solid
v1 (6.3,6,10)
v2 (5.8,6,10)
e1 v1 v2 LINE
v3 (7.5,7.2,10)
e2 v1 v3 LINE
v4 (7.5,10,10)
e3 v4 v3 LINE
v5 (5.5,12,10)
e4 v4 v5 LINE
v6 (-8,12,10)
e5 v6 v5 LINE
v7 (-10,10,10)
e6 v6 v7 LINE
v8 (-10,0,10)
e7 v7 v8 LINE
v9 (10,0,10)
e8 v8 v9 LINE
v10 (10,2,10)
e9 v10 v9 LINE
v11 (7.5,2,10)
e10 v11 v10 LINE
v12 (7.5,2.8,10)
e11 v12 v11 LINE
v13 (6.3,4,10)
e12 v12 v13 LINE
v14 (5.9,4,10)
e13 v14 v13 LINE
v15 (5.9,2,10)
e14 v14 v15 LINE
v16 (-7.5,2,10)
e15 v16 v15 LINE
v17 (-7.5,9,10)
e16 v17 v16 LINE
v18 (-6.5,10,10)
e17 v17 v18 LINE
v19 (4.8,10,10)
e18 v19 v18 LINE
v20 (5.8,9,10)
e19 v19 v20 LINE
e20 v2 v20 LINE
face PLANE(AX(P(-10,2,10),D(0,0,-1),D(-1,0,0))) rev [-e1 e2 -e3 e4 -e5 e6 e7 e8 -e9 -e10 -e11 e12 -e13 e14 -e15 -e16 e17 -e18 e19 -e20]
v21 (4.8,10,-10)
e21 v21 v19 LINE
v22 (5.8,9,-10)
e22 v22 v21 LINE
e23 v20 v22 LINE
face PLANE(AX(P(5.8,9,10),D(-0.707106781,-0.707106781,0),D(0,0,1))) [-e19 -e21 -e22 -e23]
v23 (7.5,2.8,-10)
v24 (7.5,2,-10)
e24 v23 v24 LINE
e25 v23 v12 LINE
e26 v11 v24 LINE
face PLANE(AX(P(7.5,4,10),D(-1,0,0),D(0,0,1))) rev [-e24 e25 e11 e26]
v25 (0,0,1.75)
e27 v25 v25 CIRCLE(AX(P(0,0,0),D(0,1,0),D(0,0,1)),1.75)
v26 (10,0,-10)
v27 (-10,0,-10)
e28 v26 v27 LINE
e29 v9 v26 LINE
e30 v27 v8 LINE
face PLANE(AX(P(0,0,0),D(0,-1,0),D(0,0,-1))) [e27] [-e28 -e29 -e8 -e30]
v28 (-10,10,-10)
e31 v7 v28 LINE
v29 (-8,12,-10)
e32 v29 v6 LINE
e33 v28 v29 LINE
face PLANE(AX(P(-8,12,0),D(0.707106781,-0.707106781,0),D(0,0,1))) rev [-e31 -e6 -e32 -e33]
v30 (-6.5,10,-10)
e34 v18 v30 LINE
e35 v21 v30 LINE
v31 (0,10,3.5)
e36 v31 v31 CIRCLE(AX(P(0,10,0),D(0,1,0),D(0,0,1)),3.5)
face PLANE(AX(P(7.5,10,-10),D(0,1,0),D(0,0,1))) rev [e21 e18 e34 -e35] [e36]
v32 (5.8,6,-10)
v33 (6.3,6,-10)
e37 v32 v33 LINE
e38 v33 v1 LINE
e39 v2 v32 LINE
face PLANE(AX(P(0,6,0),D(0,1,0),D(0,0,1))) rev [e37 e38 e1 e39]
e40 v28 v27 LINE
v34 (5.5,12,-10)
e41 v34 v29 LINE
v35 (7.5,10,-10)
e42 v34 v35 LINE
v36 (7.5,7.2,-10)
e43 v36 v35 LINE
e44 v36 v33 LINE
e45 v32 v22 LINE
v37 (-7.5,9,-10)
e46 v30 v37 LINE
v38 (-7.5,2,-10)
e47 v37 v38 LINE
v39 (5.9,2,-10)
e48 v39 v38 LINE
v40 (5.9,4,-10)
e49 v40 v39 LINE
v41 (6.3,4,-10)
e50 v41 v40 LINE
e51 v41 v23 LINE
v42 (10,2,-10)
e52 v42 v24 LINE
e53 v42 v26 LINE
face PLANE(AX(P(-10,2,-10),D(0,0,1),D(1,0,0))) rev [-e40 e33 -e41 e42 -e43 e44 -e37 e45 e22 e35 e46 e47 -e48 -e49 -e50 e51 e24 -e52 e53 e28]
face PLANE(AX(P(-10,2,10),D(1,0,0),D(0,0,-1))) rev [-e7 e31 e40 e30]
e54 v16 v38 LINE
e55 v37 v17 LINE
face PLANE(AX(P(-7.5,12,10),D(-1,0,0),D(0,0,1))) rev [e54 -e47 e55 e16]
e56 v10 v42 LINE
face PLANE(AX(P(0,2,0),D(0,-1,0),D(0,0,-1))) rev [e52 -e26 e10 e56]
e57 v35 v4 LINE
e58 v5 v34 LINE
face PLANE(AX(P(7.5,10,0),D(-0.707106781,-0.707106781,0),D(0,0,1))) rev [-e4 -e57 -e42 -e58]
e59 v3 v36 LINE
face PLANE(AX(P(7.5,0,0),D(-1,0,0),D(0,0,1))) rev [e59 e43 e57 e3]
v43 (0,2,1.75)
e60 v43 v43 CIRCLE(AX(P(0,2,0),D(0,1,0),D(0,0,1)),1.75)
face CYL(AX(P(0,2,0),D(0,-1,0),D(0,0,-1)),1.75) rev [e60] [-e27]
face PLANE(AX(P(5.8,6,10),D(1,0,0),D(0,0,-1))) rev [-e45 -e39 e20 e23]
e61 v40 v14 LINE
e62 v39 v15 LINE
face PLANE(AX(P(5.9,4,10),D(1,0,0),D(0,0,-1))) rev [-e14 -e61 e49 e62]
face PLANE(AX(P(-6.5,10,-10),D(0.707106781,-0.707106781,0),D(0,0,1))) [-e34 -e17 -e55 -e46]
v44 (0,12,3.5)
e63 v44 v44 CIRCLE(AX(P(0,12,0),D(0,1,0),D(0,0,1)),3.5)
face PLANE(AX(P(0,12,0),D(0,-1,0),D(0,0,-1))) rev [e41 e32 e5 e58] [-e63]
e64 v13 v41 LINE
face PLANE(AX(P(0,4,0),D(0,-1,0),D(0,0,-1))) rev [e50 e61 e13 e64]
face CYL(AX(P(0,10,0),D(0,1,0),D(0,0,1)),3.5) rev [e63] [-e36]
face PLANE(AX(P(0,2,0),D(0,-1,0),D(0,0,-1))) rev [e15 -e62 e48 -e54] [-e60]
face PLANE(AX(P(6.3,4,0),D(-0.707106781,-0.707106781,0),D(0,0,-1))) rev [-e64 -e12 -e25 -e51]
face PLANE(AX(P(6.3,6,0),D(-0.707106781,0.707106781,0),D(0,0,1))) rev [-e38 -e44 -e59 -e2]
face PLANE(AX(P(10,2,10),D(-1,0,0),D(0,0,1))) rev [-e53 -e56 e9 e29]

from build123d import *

# Parameters (mm, degrees)
SKETCH1_W           = 20
SKETCH1_H           = 20
SKETCH1_R           = 1.75
BOSS_EXTRUDE1_DEPTH = 2
SKETCH2_W           = 2.5
SKETCH2_H           = 20
BOSS_EXTRUDE2_DEPTH = 10
SKETCH3_W           = 20
SKETCH3_H           = 2
BOSS_EXTRUDE3_DEPTH = 15
SKETCH4_W           = 1.7
SKETCH4_H           = 20
BOSS_EXTRUDE4_DEPTH = 4
CHAMFER1_SIZE       = 1.2
CHAMFER2_SIZE       = 2
CHAMFER3_SIZE       = 1
SKETCH5_R           = 1.75
CUT_EXTRUDE1_DEPTH  = 34
SKETCH6_R           = 3.5
CUT_EXTRUDE2_DEPTH  = 2
SKETCH7_W           = 1.6
SKETCH7_H           = 20
BOSS_EXTRUDE5_DEPTH = 2
CHAMFER4_SIZE       = 1.2


with BuildPart() as part:
    # Sketch1 → Boss-Extrude1 (new body)
    with BuildSketch(Plane(origin=(0, 0, 0), x_dir=(1, 0, 0), z_dir=(0, 1, 0))):
        Rectangle(SKETCH1_W, SKETCH1_H)
        with Locations(Location((0, 0, 0), (0, 0, 270))):
            Circle(SKETCH1_R, mode=Mode.SUBTRACT)
    extrude(amount=BOSS_EXTRUDE1_DEPTH)

    # Sketch2 → Boss-Extrude2 (add)
    with BuildSketch(Plane(origin=(0, 2, 0), x_dir=(1, 0, 0), z_dir=(0, 1, 0))):
        with Locations((-8.75, 0)):
            Rectangle(SKETCH2_W, SKETCH2_H)
    extrude(amount=BOSS_EXTRUDE2_DEPTH)

    # Sketch3 → Boss-Extrude3 (add)
    with BuildSketch(Plane(origin=(-7.5, 0, 0), x_dir=(0, 0, -1), z_dir=(1, 0, 0))):
        with Locations((0, 11)):
            Rectangle(SKETCH3_W, SKETCH3_H)
    extrude(amount=BOSS_EXTRUDE3_DEPTH)

    # Sketch4 → Boss-Extrude4 (add)
    with BuildSketch(Plane.XZ.offset(-10)):
        with Locations((6.65, 0)):
            Rectangle(SKETCH4_W, SKETCH4_H)
    extrude(amount=BOSS_EXTRUDE4_DEPTH)

    # Chamfer1
    chamfer1_edges = [part.edges().sort_by_distance(p)[0] for p in [
        (7.5, 6, 0),
    ]]
    chamfer(chamfer1_edges, length=CHAMFER1_SIZE)

    # Chamfer2
    chamfer2_edges = [part.edges().sort_by_distance(p)[0] for p in [
        (-10, 12, 0),
        (7.5, 12, 0),
    ]]
    chamfer(chamfer2_edges, length=CHAMFER2_SIZE)

    # Chamfer3
    chamfer3_edges = [part.edges().sort_by_distance(p)[0] for p in [
        (-7.5, 10, 0),
        (5.8, 10, 0),
    ]]
    chamfer(chamfer3_edges, length=CHAMFER3_SIZE)

    # Sketch5 → Cut-Extrude1 (cut)
    with BuildSketch(Plane.XZ):
        with Locations(Location((0, 0, 0), (0, 0, 90))):
            Circle(SKETCH5_R)
    extrude(amount=-CUT_EXTRUDE1_DEPTH, mode=Mode.SUBTRACT)

    # Sketch6 → Cut-Extrude2 (cut)
    with BuildSketch(Plane(origin=(0, 12, 0), x_dir=(1, 0, 0), z_dir=(0, 1, 0))):
        with Locations(Location((0, 0, 0), (0, 0, 270))):
            Circle(SKETCH6_R)
    extrude(amount=-CUT_EXTRUDE2_DEPTH, mode=Mode.SUBTRACT)

    # Sketch7 → Boss-Extrude5 (add)
    with BuildSketch(Plane(origin=(0, 2, 0), x_dir=(1, 0, 0), z_dir=(0, 1, 0))):
        with Locations((6.7, 0)):
            Rectangle(SKETCH7_W, SKETCH7_H)
    extrude(amount=BOSS_EXTRUDE5_DEPTH)

    # Chamfer4
    chamfer4_edges = [part.edges().sort_by_distance(p)[0] for p in [
        (7.5, 4, 0),
    ]]
    chamfer(chamfer4_edges, length=CHAMFER4_SIZE)


solid = part.part
